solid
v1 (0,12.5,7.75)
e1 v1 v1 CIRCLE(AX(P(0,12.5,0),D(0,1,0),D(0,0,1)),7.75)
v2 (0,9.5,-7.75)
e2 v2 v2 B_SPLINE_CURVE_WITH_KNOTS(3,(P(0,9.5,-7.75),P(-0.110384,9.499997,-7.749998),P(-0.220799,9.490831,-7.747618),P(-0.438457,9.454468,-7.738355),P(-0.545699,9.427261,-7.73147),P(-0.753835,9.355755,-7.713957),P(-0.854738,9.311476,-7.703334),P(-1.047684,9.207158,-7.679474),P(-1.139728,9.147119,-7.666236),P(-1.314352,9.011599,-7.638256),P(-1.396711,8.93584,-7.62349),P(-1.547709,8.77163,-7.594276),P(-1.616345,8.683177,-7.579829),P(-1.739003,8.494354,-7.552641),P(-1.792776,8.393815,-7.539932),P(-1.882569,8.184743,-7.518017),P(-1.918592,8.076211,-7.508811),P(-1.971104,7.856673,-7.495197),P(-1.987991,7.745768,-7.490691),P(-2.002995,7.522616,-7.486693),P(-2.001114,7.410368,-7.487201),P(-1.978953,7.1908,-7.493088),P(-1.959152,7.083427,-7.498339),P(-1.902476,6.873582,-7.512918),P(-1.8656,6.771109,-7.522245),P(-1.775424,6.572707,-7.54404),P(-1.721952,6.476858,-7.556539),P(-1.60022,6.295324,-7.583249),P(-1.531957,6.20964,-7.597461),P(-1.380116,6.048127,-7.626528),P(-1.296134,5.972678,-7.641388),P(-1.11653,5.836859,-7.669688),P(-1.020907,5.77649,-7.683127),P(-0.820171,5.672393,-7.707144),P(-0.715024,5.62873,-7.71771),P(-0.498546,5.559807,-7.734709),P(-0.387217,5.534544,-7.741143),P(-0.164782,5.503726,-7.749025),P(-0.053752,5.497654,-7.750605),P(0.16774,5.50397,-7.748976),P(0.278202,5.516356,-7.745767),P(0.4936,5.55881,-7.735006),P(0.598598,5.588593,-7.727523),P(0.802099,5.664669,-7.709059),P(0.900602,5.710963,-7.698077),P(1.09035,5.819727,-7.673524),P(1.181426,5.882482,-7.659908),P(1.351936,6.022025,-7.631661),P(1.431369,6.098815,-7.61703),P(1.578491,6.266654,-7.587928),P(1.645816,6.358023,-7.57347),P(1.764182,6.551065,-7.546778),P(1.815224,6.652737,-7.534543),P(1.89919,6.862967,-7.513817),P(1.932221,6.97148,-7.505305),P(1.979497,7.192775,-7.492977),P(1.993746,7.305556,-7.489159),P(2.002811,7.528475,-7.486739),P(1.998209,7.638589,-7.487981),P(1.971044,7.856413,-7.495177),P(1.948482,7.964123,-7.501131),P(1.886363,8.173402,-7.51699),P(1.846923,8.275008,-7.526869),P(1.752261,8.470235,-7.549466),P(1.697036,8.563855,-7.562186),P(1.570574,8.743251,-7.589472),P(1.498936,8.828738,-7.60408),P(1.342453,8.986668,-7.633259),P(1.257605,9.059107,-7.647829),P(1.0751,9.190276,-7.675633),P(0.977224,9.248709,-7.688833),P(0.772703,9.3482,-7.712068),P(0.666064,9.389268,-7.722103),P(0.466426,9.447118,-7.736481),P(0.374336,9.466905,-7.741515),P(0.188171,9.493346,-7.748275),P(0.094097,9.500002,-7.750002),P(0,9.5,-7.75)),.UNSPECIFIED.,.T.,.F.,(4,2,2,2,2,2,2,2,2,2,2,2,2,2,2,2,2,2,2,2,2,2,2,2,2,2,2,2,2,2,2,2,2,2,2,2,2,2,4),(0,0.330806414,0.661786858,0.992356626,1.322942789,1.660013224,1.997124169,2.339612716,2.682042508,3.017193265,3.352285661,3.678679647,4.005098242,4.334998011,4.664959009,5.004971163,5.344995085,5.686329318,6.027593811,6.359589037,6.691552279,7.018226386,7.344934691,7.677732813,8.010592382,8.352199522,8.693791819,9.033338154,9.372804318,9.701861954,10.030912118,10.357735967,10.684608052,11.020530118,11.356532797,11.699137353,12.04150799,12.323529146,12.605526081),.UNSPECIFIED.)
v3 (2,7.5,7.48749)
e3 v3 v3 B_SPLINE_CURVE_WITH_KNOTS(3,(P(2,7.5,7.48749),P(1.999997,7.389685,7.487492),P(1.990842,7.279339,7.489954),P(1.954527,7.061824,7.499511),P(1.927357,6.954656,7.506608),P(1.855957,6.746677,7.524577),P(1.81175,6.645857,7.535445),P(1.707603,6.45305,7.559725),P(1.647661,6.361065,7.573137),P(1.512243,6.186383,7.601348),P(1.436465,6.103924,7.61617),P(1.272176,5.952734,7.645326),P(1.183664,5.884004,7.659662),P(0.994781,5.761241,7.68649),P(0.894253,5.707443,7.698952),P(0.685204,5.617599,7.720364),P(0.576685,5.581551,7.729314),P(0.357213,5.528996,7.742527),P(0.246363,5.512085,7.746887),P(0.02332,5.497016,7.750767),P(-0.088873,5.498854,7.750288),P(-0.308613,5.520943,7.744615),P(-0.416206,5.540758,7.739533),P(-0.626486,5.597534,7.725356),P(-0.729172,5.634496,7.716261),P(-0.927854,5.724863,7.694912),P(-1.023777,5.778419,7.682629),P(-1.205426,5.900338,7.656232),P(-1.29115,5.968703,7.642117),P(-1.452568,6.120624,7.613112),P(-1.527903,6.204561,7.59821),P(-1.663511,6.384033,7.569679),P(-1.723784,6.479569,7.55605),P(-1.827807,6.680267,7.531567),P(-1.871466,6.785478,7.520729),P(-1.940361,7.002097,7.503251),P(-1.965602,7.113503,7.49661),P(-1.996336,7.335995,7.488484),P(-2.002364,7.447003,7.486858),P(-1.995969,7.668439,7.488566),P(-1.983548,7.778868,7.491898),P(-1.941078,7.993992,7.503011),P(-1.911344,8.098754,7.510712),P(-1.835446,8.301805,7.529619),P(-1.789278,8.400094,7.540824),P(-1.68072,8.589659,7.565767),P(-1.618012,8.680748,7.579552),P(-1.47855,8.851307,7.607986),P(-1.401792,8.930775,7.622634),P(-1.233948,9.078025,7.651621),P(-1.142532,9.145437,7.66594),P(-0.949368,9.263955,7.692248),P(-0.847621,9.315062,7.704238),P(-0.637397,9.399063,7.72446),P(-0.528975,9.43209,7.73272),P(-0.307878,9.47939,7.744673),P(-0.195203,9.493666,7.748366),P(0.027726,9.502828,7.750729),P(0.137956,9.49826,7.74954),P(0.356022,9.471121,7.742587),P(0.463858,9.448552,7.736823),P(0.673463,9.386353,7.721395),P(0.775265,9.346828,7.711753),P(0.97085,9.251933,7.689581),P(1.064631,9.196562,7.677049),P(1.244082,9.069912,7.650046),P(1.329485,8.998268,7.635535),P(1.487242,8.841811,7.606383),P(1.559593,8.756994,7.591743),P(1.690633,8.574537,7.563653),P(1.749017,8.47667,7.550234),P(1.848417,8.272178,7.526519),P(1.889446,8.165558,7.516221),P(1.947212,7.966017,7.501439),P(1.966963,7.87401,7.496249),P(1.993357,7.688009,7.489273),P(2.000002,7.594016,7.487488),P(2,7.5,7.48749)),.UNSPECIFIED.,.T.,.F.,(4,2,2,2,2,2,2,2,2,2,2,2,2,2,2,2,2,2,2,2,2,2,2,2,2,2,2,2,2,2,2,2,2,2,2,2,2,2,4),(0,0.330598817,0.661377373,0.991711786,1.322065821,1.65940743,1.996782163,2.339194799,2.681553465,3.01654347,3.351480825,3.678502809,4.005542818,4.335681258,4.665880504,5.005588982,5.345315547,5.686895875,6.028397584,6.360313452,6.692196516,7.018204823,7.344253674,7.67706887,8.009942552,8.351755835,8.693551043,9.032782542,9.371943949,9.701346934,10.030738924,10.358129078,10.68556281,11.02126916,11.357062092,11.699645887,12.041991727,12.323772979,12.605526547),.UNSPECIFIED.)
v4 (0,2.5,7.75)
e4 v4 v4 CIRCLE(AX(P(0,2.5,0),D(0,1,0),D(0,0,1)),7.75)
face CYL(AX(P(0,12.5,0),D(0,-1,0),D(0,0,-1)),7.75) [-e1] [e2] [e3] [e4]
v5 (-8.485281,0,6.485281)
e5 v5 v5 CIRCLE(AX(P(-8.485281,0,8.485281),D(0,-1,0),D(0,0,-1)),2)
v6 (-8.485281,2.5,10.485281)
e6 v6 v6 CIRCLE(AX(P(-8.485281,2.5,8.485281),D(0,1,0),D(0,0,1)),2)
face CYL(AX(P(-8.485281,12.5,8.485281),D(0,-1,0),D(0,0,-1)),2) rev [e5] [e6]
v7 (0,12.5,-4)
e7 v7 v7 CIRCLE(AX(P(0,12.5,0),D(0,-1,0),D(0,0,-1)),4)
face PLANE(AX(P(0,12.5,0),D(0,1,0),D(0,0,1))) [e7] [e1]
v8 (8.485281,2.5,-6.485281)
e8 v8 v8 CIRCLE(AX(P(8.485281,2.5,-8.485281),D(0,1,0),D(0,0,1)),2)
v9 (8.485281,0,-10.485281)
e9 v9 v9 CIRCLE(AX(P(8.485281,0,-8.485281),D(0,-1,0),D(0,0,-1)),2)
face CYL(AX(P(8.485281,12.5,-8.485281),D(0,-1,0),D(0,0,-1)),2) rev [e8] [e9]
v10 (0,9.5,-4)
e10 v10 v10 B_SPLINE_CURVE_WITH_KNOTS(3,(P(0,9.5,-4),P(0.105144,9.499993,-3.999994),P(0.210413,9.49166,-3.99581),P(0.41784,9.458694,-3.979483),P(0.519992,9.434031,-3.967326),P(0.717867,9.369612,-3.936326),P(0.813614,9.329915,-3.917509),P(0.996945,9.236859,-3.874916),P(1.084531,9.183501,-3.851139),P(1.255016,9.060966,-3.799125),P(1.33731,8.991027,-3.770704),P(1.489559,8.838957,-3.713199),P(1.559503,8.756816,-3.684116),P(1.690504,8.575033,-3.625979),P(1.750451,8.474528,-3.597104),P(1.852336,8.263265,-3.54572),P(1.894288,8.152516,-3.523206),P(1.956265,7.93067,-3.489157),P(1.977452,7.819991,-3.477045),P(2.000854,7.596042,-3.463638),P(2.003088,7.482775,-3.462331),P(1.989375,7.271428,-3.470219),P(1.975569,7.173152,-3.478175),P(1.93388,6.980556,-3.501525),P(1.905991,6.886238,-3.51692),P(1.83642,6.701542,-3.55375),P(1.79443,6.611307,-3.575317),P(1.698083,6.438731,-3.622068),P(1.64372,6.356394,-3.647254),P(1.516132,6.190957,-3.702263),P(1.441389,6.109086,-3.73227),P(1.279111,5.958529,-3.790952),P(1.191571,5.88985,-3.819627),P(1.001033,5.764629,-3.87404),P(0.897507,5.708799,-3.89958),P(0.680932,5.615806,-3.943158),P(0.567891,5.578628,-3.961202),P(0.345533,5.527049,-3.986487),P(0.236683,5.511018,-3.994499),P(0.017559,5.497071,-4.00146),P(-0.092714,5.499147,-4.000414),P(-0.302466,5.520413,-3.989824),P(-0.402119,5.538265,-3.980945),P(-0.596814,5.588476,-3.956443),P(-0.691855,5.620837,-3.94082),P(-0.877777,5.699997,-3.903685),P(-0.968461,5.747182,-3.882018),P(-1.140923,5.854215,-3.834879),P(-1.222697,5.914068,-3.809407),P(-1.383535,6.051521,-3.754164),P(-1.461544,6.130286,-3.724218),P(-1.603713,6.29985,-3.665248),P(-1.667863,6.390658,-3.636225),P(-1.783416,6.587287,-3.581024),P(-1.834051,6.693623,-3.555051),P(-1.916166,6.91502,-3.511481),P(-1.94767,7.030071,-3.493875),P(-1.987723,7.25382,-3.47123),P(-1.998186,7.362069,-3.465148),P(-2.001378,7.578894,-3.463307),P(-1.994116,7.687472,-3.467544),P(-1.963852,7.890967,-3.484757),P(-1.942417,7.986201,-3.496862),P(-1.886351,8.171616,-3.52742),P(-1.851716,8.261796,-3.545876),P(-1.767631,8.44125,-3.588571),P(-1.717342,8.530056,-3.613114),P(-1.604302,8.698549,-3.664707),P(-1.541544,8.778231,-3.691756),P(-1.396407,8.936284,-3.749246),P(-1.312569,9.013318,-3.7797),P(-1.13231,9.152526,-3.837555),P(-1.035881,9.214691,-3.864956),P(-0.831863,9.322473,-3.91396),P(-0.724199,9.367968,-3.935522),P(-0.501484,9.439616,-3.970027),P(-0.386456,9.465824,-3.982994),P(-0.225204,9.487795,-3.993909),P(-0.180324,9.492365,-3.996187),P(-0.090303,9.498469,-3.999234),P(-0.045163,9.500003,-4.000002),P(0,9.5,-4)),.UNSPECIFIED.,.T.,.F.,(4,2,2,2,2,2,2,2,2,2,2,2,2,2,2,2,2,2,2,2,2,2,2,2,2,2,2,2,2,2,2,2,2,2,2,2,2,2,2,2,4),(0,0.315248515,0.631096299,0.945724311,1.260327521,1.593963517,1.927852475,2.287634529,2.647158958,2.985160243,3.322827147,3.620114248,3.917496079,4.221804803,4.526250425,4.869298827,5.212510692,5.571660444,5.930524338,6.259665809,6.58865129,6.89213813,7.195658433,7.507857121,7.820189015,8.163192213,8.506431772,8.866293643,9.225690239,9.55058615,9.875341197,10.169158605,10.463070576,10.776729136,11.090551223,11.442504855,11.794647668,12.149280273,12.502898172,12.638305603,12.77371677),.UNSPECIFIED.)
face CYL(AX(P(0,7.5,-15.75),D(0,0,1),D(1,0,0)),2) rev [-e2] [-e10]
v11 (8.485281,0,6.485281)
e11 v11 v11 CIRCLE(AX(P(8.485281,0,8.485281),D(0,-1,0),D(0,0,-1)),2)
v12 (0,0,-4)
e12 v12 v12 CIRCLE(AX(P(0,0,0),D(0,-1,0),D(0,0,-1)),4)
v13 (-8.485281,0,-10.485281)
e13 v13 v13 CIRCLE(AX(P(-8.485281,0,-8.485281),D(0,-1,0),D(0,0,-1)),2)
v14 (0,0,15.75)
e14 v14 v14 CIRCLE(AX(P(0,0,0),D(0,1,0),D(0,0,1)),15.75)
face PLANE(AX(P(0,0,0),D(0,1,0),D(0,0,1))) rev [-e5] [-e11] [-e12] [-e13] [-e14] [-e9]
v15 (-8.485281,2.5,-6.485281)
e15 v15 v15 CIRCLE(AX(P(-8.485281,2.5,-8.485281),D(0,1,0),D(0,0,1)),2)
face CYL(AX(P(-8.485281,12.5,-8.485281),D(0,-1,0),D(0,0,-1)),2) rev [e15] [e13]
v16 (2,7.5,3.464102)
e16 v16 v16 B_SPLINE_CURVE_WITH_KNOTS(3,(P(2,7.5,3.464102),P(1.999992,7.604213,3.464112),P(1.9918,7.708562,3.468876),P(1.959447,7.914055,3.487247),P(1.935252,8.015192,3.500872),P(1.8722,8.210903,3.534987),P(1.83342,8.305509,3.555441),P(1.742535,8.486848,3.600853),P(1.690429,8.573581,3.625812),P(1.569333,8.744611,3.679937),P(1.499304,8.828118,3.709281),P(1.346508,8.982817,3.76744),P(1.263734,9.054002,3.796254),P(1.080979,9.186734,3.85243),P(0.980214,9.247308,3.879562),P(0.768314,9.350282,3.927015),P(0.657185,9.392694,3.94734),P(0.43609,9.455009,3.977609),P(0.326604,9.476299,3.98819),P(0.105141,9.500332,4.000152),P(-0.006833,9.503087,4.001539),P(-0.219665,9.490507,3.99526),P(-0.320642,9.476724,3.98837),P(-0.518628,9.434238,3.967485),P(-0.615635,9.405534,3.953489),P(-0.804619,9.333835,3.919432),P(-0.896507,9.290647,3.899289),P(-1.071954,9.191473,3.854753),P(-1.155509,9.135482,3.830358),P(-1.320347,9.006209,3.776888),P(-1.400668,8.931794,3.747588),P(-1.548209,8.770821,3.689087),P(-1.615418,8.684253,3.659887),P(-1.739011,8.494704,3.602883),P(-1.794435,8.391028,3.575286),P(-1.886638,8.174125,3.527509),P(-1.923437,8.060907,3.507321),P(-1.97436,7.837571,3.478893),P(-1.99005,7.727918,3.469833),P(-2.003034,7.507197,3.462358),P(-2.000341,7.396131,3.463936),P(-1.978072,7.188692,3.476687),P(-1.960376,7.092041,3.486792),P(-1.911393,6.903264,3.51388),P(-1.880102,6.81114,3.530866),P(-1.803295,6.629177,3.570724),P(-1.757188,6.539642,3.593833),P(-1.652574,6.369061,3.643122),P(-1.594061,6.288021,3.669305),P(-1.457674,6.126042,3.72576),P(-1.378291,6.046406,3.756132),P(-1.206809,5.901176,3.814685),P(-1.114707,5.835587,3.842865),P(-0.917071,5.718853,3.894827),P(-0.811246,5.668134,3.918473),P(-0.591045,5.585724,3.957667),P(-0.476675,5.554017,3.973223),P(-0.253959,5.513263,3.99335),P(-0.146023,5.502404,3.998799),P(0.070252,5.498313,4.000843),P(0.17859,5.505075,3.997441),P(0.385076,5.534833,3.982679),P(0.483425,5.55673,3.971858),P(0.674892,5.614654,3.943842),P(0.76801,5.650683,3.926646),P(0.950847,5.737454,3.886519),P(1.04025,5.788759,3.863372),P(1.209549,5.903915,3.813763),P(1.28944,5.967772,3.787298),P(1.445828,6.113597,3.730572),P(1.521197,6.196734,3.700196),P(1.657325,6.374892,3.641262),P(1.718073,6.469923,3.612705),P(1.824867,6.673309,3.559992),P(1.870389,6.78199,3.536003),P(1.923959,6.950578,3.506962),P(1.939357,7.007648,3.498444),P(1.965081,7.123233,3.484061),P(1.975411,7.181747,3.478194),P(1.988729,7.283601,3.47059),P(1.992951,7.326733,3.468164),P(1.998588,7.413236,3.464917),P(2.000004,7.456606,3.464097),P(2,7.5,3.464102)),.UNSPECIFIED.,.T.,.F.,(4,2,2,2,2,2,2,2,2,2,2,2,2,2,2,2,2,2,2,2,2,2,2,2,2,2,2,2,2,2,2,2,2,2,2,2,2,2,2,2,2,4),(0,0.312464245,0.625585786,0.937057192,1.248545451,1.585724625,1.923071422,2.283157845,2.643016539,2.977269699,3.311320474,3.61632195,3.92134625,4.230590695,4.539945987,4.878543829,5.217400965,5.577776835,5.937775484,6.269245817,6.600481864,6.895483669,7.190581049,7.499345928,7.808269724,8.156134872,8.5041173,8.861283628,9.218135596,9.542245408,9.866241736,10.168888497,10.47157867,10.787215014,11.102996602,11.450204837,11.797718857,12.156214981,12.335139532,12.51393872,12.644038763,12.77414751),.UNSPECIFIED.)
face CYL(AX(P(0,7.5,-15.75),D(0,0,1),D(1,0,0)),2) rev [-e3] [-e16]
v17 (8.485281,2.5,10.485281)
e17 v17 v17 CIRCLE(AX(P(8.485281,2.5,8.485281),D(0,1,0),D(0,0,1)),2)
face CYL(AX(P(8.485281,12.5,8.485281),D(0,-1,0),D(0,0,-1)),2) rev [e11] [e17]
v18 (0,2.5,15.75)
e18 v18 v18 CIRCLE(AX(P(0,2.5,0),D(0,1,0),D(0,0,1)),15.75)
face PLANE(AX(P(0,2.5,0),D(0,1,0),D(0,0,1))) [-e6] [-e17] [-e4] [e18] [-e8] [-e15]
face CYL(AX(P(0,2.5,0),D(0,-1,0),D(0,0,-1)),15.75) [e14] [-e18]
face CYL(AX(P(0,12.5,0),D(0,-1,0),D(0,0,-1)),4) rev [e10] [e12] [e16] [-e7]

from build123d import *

# Parameters (mm, degrees)
SKETCH1_R               = 15.75
BOSS_EXTRUDE1_DEPTH     = 2.5
SKETCH2_R               = 7.75
BOSS_EXTRUDE2_DEPTH     = 10
SKETCH3_R               = 4
CUT_EXTRUDE1_DEPTH      = 26.541632681
CUT_EXTRUDE2_DEPTH      = 26.541632681
CUT_EXTRUDE2_DEPTH_BACK = 26.541632681
SKETCH4_R               = 2
SKETCH5_R               = 2
CUT_EXTRUDE3_DEPTH      = 26.54163273


with BuildPart() as part:
    # Sketch1 → Boss-Extrude1 (new body)
    with BuildSketch(Plane(origin=(0, 0, 0), x_dir=(1, 0, 0), z_dir=(0, 1, 0))):
        with Locations(Location((0, 0, 0), (0, 0, 270))):
            Circle(SKETCH1_R)
    extrude(amount=BOSS_EXTRUDE1_DEPTH)

    # Sketch2 → Boss-Extrude2 (add)
    with BuildSketch(Plane(origin=(0, 2.5, 0), x_dir=(1, 0, 0), z_dir=(0, 1, 0))):
        with Locations(Location((0, 0, 0), (0, 0, 270))):
            Circle(SKETCH2_R)
    extrude(amount=BOSS_EXTRUDE2_DEPTH)

    # Sketch3 → Cut-Extrude1 (cut, through all)
    with BuildSketch(Plane.XZ):
        with Locations(Location((0, 0, 0), (0, 0, 270))):
            Circle(SKETCH3_R)
    extrude(amount=-CUT_EXTRUDE1_DEPTH, mode=Mode.SUBTRACT)

    # Sketch4 → Cut-Extrude2 (cut, two sides: drawn at the far end of the back side and taken through both)
    with BuildSketch(Plane.XY.offset(-CUT_EXTRUDE2_DEPTH_BACK)):
        with Locations((0, 7.5)):
            Circle(SKETCH4_R)
    extrude(amount=CUT_EXTRUDE2_DEPTH + CUT_EXTRUDE2_DEPTH_BACK, mode=Mode.SUBTRACT)

    # Sketch5 → Cut-Extrude3 (cut, through all)
    with BuildSketch(Plane.XZ):
        with Locations(Location((8.485281374, 8.485281374, 0), (0, 0, 270))):
            Circle(SKETCH5_R)
        with Locations(Location((8.485281374, -8.485281374, 0), (0, 0, 270))):
            Circle(SKETCH5_R)
        with Locations(Location((-8.485281374, -8.485281374, 0), (0, 0, 270))):
            Circle(SKETCH5_R)
        with Locations(Location((-8.485281374, 8.485281374, 0), (0, 0, 270))):
            Circle(SKETCH5_R)
    extrude(amount=-CUT_EXTRUDE3_DEPTH, mode=Mode.SUBTRACT)


solid = part.part
